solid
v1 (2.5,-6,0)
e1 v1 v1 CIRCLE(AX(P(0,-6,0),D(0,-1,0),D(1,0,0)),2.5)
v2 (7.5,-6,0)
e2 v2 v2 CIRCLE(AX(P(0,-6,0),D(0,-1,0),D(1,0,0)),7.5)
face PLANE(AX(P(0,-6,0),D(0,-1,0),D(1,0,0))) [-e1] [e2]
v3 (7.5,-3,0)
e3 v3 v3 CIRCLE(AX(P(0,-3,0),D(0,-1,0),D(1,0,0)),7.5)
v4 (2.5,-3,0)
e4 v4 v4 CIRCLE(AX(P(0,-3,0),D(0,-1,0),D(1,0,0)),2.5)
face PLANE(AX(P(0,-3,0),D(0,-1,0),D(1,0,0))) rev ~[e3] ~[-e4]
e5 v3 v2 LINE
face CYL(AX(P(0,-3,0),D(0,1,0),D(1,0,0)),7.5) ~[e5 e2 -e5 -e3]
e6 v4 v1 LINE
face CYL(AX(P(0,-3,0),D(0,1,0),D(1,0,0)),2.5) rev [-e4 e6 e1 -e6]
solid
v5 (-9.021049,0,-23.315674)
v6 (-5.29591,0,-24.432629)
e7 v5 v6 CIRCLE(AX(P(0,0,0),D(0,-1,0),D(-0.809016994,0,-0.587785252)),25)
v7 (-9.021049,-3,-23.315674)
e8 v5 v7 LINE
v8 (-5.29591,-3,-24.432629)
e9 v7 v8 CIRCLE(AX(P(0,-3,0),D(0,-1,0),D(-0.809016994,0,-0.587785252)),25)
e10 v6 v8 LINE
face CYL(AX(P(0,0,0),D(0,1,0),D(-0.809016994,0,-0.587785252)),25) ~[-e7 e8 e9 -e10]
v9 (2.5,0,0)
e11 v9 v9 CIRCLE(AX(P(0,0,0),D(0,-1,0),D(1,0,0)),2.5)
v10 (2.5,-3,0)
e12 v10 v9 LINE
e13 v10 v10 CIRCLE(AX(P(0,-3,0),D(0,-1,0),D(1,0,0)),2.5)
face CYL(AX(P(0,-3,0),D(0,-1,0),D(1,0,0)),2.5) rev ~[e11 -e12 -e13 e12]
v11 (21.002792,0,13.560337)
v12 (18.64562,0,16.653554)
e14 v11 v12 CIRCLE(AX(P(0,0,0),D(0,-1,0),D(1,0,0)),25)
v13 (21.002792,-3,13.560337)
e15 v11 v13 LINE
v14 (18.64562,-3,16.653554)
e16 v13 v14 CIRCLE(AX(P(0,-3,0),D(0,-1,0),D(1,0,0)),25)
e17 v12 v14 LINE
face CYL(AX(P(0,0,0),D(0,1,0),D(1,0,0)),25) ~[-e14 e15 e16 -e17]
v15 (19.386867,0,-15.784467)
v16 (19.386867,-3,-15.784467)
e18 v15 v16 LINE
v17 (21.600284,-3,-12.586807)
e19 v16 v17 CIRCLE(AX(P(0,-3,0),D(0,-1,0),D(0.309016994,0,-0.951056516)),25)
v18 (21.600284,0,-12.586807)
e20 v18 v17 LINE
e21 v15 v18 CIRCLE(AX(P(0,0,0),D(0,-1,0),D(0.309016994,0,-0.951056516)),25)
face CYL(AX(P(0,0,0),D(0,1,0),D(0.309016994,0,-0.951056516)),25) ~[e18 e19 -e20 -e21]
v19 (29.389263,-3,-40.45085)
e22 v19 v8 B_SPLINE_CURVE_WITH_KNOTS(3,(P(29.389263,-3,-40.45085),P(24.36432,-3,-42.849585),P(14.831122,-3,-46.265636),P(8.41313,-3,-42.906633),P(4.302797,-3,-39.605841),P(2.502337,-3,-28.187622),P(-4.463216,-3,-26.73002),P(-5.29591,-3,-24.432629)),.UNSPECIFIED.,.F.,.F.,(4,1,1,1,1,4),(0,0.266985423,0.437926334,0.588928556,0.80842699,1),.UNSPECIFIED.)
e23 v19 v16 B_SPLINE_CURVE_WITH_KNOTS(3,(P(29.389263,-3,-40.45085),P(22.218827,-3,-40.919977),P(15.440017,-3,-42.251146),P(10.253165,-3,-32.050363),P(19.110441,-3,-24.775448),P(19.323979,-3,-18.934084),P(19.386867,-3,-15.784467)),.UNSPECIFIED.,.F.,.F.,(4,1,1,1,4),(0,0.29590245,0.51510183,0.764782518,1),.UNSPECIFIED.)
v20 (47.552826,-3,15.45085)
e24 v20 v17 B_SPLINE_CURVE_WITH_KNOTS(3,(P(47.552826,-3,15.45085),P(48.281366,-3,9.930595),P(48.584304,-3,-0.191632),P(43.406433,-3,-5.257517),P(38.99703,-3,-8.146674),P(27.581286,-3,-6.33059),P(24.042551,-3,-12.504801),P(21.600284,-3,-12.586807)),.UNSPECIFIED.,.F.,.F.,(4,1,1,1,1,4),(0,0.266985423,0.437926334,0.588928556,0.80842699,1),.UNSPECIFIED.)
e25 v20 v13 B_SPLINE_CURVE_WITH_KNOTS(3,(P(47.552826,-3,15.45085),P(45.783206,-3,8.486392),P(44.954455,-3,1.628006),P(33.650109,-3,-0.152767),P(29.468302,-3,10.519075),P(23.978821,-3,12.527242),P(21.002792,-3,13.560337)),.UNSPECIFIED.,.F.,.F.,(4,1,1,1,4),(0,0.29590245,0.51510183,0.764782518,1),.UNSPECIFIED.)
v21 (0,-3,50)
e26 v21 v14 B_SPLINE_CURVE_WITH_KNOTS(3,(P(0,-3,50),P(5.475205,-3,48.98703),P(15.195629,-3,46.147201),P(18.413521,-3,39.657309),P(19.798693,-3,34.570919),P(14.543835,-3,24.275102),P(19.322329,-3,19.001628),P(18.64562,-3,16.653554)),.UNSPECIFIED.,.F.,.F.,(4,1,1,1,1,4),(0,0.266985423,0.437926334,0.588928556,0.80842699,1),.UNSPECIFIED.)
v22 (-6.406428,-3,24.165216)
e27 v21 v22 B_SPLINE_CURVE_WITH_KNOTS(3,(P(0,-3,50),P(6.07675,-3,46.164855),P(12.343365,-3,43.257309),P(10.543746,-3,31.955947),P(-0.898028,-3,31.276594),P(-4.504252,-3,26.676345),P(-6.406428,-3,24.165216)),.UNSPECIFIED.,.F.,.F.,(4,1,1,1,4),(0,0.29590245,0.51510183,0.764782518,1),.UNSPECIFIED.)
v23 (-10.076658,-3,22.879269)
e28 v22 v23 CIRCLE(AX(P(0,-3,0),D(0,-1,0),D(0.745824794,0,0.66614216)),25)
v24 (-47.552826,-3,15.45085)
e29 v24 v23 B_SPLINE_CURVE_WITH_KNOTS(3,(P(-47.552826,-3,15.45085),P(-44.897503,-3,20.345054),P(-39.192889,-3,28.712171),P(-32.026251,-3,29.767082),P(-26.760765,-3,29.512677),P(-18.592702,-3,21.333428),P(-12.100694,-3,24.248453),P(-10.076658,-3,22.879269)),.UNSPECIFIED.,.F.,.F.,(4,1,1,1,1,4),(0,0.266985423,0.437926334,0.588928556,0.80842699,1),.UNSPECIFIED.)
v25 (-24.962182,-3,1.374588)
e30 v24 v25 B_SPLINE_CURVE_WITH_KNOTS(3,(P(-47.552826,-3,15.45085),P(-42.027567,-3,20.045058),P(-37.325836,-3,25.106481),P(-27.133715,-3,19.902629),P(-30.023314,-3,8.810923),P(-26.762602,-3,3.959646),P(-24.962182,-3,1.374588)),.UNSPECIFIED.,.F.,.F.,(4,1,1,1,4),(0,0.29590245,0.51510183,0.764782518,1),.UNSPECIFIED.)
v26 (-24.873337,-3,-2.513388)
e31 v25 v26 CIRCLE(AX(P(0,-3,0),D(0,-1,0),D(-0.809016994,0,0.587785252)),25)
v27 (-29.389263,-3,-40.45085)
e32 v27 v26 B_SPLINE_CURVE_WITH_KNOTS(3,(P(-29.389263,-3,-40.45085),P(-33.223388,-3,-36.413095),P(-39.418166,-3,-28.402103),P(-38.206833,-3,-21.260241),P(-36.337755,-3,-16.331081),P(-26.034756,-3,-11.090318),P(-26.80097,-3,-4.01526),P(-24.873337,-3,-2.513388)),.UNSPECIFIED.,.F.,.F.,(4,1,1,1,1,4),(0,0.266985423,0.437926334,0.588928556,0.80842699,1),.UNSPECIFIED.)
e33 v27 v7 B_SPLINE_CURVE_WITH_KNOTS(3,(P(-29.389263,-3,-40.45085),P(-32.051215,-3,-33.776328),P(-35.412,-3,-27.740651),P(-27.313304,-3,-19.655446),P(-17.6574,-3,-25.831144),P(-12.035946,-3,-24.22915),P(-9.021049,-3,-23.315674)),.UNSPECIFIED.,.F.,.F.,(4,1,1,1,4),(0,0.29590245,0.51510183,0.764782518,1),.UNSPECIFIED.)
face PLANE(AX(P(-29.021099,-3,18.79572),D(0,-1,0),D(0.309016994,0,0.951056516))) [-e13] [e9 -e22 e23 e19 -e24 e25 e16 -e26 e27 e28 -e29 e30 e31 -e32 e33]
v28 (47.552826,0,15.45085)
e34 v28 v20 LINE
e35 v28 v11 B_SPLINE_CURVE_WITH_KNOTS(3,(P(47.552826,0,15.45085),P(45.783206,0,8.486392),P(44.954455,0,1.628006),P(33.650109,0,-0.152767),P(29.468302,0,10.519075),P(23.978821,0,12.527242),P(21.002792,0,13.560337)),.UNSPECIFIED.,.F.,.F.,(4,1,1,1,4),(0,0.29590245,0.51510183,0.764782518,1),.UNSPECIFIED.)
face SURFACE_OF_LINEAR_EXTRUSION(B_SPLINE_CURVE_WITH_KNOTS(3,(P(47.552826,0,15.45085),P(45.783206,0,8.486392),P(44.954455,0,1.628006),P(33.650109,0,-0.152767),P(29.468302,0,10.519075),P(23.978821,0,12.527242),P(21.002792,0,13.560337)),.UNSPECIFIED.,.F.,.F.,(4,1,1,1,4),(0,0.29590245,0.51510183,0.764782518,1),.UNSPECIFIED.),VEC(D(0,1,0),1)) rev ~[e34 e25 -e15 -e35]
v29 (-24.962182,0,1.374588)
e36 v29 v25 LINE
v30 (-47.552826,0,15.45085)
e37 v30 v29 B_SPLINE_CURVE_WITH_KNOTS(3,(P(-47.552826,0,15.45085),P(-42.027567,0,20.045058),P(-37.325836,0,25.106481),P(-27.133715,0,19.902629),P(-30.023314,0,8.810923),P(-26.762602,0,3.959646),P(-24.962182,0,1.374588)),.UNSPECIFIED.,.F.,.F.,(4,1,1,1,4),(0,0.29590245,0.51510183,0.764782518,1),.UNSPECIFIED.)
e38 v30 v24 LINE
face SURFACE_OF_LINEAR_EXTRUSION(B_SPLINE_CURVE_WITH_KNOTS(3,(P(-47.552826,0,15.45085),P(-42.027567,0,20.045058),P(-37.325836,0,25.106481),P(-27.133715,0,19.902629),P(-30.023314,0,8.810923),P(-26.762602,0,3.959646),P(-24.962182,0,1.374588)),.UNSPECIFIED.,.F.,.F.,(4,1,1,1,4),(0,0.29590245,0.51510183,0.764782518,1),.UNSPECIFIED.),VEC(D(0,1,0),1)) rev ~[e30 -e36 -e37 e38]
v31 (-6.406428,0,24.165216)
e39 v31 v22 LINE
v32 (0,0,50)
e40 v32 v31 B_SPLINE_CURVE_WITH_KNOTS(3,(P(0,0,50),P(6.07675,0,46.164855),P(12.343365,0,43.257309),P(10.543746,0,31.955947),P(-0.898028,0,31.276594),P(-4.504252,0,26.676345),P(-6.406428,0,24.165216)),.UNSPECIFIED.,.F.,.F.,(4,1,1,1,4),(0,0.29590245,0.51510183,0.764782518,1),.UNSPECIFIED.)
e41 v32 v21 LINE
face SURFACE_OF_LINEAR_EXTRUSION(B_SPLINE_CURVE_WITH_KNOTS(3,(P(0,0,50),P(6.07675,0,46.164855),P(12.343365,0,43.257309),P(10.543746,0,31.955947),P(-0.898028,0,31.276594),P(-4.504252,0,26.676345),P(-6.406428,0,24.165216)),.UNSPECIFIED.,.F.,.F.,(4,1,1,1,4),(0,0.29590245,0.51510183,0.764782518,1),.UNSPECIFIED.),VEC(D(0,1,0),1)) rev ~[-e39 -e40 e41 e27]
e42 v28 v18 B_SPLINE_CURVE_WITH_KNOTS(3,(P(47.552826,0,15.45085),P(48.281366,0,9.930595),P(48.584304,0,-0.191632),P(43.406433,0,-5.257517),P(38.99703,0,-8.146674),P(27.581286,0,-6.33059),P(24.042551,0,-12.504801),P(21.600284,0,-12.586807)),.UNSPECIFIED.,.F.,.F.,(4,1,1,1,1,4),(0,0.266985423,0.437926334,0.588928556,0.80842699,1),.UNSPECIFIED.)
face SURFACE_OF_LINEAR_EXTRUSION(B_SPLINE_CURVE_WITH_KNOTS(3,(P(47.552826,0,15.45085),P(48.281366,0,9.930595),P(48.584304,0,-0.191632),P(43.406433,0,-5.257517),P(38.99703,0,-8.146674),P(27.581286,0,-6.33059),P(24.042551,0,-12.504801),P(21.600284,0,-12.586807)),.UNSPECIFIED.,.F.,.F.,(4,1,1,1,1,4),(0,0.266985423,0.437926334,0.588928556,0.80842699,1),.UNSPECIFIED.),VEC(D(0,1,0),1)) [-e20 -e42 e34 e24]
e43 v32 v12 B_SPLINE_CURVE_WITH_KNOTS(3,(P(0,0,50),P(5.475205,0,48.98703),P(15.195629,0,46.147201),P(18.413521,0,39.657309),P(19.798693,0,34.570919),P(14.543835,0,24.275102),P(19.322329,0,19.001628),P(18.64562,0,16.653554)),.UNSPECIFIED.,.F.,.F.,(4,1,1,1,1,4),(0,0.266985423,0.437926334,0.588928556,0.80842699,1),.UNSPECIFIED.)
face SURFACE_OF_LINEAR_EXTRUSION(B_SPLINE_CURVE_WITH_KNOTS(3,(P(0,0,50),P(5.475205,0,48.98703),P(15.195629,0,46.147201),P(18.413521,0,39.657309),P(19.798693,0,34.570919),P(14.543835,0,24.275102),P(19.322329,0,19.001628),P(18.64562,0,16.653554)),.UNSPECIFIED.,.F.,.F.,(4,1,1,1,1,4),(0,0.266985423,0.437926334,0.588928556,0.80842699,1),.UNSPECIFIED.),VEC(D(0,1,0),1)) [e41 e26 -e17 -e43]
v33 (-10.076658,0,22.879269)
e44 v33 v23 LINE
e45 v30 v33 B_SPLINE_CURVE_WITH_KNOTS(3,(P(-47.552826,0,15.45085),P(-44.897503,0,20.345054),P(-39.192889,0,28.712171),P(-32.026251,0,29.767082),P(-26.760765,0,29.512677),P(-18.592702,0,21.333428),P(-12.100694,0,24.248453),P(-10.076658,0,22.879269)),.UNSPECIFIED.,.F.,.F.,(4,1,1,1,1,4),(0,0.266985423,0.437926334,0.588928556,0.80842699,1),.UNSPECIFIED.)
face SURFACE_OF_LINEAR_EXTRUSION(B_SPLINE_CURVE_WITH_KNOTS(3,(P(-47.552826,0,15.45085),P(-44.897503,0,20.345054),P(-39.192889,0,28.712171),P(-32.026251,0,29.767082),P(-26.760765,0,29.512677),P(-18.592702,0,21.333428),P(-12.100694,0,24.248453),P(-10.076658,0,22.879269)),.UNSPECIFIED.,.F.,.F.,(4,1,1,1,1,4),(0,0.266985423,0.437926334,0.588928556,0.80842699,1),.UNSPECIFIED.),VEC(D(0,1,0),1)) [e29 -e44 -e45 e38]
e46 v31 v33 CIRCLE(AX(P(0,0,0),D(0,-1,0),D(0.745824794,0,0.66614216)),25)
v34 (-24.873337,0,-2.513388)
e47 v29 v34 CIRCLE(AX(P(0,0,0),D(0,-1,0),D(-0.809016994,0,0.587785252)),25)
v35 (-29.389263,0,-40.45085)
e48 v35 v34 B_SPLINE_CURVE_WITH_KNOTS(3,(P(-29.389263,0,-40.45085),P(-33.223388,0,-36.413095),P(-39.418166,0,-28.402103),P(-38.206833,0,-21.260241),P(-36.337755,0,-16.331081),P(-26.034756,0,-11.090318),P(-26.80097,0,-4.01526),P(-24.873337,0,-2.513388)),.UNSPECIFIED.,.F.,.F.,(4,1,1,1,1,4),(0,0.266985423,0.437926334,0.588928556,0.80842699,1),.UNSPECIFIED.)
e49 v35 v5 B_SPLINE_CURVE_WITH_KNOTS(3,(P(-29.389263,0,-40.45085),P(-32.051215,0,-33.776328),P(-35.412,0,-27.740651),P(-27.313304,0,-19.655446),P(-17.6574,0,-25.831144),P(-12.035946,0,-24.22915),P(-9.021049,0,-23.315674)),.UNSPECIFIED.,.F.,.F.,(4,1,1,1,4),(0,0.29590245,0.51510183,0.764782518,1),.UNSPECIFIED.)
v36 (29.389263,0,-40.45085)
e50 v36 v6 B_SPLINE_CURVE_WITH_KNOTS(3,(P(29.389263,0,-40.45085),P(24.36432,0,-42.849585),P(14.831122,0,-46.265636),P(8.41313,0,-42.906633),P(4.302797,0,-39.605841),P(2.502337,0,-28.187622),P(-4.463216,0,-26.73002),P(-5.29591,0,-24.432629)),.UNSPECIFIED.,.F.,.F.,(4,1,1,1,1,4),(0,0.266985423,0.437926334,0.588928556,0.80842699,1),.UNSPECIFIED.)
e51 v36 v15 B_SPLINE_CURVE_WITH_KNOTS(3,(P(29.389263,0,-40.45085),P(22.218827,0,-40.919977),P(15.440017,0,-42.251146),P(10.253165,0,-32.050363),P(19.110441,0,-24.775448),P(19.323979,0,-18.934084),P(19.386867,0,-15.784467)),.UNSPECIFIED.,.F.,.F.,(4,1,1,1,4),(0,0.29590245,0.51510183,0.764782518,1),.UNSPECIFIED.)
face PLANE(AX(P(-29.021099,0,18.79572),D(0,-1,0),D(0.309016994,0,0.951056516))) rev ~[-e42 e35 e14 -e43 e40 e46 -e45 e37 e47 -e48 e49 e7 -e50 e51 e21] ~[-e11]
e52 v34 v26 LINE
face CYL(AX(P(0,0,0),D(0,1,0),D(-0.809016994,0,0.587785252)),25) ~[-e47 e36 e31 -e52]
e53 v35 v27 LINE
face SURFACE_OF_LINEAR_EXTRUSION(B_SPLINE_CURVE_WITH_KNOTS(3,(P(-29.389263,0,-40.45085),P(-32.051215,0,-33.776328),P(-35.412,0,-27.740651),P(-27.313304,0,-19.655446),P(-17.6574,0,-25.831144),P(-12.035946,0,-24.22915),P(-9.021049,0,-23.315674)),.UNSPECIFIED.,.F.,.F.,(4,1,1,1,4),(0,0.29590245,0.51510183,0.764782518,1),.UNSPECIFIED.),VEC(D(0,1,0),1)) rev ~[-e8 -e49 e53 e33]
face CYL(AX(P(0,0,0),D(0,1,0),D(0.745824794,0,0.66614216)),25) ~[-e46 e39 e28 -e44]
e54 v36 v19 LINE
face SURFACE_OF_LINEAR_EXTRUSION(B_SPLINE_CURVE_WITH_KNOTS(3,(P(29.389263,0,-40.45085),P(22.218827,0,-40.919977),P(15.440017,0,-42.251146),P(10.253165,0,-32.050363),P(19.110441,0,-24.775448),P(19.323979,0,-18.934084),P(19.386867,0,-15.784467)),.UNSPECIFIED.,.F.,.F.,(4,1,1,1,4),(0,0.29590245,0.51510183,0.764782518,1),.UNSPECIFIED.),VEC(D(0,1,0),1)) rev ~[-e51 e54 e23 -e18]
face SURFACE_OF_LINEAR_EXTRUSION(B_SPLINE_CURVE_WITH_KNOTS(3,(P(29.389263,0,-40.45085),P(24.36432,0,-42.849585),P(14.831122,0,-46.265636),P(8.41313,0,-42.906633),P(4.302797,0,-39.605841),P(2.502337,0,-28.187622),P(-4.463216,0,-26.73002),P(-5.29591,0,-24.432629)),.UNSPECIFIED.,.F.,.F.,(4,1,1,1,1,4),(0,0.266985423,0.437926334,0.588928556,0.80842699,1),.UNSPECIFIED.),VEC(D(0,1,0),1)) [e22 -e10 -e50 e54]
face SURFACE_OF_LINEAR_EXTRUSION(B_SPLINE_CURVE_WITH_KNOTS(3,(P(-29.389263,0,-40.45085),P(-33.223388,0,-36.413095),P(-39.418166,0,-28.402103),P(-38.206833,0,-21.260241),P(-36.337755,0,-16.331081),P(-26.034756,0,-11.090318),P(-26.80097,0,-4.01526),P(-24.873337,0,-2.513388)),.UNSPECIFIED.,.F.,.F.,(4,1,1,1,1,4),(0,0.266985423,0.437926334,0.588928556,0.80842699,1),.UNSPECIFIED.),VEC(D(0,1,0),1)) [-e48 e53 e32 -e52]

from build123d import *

# Parameters (mm, degrees)
F1_DEPTH = 3
F3_COUNT = 5
F4_R     = 2.5
F5_DEPTH = 3
F7_R     = 7.5
F7_R_2   = 2.5
F8_DEPTH = 3


with BuildPart() as f1:
    # F0 (on Front) → F1 (new body)
    with BuildSketch(Plane.XZ):
        with BuildLine():
            ThreePointArc((-6.4064275077, 24.1652164606), (7.1802315771, 23.9466965258), (18.6456198428, 16.6535539954))
            add(Edge.make_bspline(
                [(0, 50), (5.4752053314, 48.9870299865), (15.1956288518, 46.1472010196), (18.4135211284, 39.657308755), (19.7986928673, 34.5709188014), (14.5438348398, 24.2751019543), (19.322329273, 19.0016283629), (18.6456198428, 16.6535539954)],
                knots=[0, 0, 0, 0, 0.2669854229, 0.4379263337, 0.5889285558, 0.8084269905, 1, 1, 1, 1], degree=3))
            add(Edge.make_bspline(
                [(0, 50), (6.0767503455, 46.164855361), (12.3433645668, 43.2573090849), (10.5437457987, 31.9559472859), (-0.898028492, 31.2765938229), (-4.5042521994, 26.6763451486), (-6.4064275077, 24.1652164606)],
                knots=[0, 0, 0, 0, 0.29590245, 0.5151018296, 0.7647825177, 1, 1, 1, 1], degree=3))
        make_face()
        with BuildLine():
            ThreePointArc((-6.4064275077, 24.1652164606), (-15.2453158758, -19.8136403482), (25, 0))
            ThreePointArc((25, 0), (23.3574452378, 8.9123370653), (18.6456198428, 16.6535539954))
            ThreePointArc((18.6456198428, 16.6535539954), (7.1802315771, 23.9466965258), (-6.4064275077, 24.1652164606))
        make_face()
    extrude(amount=F1_DEPTH)


with BuildPart() as f3_1:
    # F3: instance of F1
    add(f1.part.rotate(Axis((0, 4.5021800324, 0), (0, 1, 0)), 1 * 360 / F3_COUNT))


with BuildPart() as f3_2:
    # F3: instance of F1
    add(f1.part.rotate(Axis((0, 4.5021800324, 0), (0, 1, 0)), 2 * 360 / F3_COUNT))


with BuildPart() as f3_3:
    # F3: instance of F1
    add(f1.part.rotate(Axis((0, 4.5021800324, 0), (0, 1, 0)), 3 * 360 / F3_COUNT))


with BuildPart() as f3_4:
    # F3: instance of F1
    add(f1.part.rotate(Axis((0, 4.5021800324, 0), (0, 1, 0)), 4 * 360 / F3_COUNT))


with BuildPart() as f5_tool:
    # F4 (on face) → F5 (new body, through all)
    with BuildSketch(Plane.XZ.offset(3)):
        Circle(F4_R)
    extrude(amount=-F5_DEPTH)


with BuildPart() as f1_1:
    add(f1.part)

    # F5: cut by f5_tool
    add(f5_tool.part, mode=Mode.SUBTRACT)


with BuildPart() as f3_1_1:
    add(f3_1.part)

    # F5: cut by f5_tool
    add(f5_tool.part, mode=Mode.SUBTRACT)


with BuildPart() as f3_2_1:
    add(f3_2.part)

    # F5: cut by f5_tool
    add(f5_tool.part, mode=Mode.SUBTRACT)


with BuildPart() as f3_3_1:
    add(f3_3.part)

    # F5: cut by f5_tool
    add(f5_tool.part, mode=Mode.SUBTRACT)


with BuildPart() as f3_4_1:
    add(f3_4.part)

    # F5: cut by f5_tool
    add(f5_tool.part, mode=Mode.SUBTRACT)


with BuildPart() as f1_2:
    add(f1_1.part)

    # F6: union F3_1, F3_2, F3_3, F3_4
    add(f3_1_1.part)
    add(f3_2_1.part)
    add(f3_3_1.part)
    add(f3_4_1.part)


with BuildPart() as f8:
    # F7 (on face) → F8 (new body)
    with BuildSketch(Plane.XZ.offset(3)):
        Circle(F7_R)
        Circle(F7_R_2, mode=Mode.SUBTRACT)
    extrude(amount=F8_DEPTH)


solid = Compound([f1_2.part, f8.part])
